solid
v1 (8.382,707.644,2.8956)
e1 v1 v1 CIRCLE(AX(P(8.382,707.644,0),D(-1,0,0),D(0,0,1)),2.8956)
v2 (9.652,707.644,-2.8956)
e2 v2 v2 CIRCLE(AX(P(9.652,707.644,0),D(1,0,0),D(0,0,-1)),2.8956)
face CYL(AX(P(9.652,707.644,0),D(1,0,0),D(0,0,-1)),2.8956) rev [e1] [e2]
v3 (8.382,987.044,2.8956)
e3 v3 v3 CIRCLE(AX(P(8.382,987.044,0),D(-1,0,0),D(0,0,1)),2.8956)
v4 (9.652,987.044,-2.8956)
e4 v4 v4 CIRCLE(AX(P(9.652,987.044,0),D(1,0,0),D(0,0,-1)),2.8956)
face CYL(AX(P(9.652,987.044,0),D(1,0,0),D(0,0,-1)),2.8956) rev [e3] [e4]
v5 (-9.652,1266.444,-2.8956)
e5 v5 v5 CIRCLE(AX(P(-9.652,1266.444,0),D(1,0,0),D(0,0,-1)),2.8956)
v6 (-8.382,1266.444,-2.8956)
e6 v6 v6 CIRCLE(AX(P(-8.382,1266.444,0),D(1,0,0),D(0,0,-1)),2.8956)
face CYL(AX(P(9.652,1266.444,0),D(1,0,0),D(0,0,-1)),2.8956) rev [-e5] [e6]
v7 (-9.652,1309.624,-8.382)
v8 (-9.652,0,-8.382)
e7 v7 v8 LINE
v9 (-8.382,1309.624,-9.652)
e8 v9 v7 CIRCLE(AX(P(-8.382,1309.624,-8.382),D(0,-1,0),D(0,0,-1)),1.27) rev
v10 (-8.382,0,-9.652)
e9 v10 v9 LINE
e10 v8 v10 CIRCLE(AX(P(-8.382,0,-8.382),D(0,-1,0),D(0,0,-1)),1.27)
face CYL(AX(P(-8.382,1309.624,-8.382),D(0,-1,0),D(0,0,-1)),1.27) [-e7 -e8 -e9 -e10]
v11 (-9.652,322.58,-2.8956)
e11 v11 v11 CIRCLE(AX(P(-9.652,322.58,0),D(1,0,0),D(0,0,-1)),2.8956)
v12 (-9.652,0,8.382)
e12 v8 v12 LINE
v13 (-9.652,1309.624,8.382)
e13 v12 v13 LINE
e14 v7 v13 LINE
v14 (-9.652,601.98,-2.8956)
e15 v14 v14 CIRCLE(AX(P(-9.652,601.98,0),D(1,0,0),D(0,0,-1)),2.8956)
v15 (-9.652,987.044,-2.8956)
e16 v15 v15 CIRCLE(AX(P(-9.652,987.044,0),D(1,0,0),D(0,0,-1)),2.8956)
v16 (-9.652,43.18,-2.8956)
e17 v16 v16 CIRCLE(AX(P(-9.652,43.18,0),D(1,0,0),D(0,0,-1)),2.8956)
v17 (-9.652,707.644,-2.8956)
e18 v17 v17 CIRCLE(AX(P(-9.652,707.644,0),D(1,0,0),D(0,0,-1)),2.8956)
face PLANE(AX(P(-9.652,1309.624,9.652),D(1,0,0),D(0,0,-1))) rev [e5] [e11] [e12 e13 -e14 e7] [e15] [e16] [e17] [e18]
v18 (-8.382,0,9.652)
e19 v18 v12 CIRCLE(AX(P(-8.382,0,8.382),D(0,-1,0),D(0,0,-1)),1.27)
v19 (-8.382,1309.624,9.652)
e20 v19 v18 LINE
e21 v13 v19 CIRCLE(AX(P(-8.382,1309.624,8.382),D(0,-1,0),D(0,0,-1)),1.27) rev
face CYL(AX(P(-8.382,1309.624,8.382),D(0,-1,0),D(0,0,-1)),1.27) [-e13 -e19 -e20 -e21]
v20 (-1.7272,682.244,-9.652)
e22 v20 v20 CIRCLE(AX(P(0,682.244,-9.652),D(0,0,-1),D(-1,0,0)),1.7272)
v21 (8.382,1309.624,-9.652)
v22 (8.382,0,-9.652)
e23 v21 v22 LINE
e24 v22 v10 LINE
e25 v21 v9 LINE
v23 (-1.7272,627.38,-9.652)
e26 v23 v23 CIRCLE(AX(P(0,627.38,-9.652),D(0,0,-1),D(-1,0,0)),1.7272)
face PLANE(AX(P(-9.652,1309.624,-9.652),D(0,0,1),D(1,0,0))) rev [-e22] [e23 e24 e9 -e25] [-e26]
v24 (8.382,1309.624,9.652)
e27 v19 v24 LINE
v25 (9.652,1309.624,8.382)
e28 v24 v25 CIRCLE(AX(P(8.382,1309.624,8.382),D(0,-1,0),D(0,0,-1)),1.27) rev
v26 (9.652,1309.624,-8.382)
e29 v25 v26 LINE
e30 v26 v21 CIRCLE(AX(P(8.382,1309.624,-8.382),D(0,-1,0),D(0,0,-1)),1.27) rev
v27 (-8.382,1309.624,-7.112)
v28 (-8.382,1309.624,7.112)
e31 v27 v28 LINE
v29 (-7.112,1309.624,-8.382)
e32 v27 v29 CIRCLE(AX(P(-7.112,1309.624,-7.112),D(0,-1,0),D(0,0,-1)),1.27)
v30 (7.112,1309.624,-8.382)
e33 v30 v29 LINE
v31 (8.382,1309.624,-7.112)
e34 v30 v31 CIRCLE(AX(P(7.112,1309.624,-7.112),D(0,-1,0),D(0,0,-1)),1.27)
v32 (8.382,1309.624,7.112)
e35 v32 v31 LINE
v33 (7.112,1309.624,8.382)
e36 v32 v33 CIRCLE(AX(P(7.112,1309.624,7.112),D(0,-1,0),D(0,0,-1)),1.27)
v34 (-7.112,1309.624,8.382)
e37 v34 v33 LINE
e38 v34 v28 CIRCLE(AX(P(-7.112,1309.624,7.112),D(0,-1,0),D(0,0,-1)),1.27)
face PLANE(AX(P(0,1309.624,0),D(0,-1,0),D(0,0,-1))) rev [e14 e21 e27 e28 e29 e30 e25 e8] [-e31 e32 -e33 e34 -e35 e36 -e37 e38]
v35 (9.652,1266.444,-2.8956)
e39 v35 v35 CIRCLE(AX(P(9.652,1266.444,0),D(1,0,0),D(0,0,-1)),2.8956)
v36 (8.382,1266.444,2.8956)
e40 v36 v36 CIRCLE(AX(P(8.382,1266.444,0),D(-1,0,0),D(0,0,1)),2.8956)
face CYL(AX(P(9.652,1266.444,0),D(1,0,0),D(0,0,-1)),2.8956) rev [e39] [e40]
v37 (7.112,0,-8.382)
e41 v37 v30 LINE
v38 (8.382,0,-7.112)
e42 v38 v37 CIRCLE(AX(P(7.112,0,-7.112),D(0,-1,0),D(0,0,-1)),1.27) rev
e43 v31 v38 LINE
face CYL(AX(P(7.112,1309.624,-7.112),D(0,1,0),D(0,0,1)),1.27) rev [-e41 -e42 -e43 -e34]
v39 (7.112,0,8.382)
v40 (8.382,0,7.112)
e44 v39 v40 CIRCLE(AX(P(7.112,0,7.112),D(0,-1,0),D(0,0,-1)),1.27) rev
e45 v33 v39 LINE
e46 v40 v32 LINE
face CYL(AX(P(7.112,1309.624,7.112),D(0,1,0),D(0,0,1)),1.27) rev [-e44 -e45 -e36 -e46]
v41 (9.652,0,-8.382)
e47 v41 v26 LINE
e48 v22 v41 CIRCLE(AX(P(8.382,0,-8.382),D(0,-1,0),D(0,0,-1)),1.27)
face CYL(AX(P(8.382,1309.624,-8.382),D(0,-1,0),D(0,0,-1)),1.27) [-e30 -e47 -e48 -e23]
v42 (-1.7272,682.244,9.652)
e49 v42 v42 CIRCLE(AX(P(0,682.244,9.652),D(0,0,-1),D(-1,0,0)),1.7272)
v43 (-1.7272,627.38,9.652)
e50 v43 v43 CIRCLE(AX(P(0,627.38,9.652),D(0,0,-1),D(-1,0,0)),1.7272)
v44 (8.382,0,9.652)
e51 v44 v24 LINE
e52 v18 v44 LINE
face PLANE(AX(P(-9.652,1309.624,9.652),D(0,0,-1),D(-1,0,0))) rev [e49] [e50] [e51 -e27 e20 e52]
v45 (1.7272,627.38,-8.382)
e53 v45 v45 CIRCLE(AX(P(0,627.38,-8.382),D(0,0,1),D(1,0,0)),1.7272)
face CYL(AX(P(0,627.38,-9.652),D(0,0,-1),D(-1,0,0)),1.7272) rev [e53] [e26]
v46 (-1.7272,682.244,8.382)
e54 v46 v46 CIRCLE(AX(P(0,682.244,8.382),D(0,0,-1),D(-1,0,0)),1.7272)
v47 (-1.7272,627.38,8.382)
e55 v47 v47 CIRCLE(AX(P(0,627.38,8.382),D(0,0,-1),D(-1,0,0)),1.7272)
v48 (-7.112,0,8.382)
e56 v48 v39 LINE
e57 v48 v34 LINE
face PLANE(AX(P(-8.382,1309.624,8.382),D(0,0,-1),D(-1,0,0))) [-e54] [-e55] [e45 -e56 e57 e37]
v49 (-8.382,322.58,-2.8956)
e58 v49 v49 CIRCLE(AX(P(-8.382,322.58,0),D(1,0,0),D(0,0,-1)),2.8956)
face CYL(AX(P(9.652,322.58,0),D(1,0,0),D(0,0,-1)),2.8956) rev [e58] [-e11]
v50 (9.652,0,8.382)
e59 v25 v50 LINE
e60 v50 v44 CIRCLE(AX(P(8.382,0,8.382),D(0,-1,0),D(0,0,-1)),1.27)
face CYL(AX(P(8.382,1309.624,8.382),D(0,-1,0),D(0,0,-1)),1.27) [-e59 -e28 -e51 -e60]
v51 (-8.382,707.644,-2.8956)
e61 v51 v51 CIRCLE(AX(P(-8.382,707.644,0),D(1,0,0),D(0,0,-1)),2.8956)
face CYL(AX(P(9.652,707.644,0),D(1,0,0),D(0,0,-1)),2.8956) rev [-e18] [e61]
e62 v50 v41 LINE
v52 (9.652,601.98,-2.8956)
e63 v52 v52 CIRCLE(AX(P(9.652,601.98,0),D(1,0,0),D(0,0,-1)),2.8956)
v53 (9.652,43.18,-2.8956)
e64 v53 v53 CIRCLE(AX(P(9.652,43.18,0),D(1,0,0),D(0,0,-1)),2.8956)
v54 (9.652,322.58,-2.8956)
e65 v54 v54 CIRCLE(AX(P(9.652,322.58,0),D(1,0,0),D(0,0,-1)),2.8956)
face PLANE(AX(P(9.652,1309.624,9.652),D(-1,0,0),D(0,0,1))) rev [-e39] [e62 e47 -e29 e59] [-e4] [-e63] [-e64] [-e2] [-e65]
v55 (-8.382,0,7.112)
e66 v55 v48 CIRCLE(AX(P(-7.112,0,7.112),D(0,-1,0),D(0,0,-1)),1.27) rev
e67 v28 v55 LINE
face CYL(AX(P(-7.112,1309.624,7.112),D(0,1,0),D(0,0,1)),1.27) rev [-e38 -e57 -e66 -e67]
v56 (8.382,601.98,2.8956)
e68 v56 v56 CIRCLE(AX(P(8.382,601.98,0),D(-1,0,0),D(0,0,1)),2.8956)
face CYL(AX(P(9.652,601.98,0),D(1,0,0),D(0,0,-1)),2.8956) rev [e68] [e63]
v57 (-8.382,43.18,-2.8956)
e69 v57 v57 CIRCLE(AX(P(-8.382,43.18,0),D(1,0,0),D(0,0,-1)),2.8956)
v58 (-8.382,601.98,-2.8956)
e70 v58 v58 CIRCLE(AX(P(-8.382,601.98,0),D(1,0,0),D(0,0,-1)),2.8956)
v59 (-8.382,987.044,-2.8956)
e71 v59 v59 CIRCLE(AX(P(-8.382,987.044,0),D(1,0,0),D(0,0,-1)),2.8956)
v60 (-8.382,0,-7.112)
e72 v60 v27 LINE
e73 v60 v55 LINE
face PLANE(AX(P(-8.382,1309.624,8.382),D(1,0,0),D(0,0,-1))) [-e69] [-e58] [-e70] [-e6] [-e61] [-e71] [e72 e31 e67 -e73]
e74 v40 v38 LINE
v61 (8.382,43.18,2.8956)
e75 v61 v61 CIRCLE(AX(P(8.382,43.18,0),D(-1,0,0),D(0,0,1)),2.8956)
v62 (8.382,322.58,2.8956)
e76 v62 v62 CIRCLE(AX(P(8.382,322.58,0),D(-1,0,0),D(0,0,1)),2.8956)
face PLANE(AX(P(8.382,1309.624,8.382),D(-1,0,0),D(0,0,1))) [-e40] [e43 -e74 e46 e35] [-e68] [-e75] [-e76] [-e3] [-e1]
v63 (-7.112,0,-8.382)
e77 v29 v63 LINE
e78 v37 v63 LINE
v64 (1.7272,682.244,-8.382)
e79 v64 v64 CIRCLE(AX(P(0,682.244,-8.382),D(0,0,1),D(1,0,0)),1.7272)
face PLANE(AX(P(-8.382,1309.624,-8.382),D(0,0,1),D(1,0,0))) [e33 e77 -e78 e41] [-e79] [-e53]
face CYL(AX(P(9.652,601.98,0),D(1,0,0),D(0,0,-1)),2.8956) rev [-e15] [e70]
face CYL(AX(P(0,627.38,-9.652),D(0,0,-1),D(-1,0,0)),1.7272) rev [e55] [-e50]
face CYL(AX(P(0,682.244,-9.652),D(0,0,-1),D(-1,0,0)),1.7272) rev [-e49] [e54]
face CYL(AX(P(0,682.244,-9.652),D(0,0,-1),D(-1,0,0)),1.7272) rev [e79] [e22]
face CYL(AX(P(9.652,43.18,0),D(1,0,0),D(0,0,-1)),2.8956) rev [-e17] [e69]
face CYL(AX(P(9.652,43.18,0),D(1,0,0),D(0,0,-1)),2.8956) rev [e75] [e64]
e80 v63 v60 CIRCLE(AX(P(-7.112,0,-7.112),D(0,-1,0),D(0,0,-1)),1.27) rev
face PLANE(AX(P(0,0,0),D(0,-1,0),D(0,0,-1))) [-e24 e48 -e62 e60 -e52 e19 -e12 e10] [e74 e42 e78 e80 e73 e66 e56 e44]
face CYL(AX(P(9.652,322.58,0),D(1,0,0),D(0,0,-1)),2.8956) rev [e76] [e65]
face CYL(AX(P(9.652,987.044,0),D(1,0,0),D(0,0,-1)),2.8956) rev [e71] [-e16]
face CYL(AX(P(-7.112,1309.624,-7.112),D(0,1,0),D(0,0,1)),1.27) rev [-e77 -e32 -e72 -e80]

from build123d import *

# Parameters (mm, degrees)
SKETCH1_W                  = 19.304
SKETCH1_H                  = 19.304
SKETCH1_W_2                = 16.764
SKETCH1_H_2                = 16.764
BOSS_EXTRUDE1_DEPTH        = 1309.624
FILLET1_R                  = 1.27
F_1_0_228_DIAMETER_HOLE1_D = 5.7912
F_8_32_TAPPED_HOLE1_D      = 3.4544


with BuildPart() as part:
    # Sketch1 → Boss-Extrude1 (new body)
    with BuildSketch(Plane(origin=(0, 0, 0), x_dir=(1, 0, 0), z_dir=(0, 1, 0))):
        Rectangle(SKETCH1_W, SKETCH1_H)
        Rectangle(SKETCH1_W_2, SKETCH1_H_2, mode=Mode.SUBTRACT)
    extrude(amount=BOSS_EXTRUDE1_DEPTH)

    # Fillet1
    fillet1_edges = [part.edges().sort_by_distance(p)[0] for p in [
        (-8.382, 654.812, 8.382),
        (8.382, 654.812, 8.382),
        (8.382, 654.812, -8.382),
        (-8.382, 654.812, -8.382),
        (9.652, 654.812, 9.652),
        (-9.652, 654.812, 9.652),
        (-9.652, 654.812, -9.652),
        (9.652, 654.812, -9.652),
    ]]
    fillet(fillet1_edges, radius=FILLET1_R)

    # #1 (0.228) Diameter Hole1 (through all)
    with Locations(Plane(origin=(9.652, 0, 0), x_dir=(0, 0, -1), z_dir=(1, 0, 0))):
        with Locations((0, 601.98), (0, 1266.444), (0, 987.044), (0, 707.644), (0, 43.18), (0, 322.58)):
            Hole(F_1_0_228_DIAMETER_HOLE1_D / 2)

    # #8-32 Tapped Hole1 (through all)
    with Locations(Plane(origin=(0, 0, -9.652), x_dir=(-1, 0, 0), z_dir=(0, 0, -1))):
        with Locations((0, 627.38), (0, 682.244)):
            Hole(F_8_32_TAPPED_HOLE1_D / 2)


solid = part.part
